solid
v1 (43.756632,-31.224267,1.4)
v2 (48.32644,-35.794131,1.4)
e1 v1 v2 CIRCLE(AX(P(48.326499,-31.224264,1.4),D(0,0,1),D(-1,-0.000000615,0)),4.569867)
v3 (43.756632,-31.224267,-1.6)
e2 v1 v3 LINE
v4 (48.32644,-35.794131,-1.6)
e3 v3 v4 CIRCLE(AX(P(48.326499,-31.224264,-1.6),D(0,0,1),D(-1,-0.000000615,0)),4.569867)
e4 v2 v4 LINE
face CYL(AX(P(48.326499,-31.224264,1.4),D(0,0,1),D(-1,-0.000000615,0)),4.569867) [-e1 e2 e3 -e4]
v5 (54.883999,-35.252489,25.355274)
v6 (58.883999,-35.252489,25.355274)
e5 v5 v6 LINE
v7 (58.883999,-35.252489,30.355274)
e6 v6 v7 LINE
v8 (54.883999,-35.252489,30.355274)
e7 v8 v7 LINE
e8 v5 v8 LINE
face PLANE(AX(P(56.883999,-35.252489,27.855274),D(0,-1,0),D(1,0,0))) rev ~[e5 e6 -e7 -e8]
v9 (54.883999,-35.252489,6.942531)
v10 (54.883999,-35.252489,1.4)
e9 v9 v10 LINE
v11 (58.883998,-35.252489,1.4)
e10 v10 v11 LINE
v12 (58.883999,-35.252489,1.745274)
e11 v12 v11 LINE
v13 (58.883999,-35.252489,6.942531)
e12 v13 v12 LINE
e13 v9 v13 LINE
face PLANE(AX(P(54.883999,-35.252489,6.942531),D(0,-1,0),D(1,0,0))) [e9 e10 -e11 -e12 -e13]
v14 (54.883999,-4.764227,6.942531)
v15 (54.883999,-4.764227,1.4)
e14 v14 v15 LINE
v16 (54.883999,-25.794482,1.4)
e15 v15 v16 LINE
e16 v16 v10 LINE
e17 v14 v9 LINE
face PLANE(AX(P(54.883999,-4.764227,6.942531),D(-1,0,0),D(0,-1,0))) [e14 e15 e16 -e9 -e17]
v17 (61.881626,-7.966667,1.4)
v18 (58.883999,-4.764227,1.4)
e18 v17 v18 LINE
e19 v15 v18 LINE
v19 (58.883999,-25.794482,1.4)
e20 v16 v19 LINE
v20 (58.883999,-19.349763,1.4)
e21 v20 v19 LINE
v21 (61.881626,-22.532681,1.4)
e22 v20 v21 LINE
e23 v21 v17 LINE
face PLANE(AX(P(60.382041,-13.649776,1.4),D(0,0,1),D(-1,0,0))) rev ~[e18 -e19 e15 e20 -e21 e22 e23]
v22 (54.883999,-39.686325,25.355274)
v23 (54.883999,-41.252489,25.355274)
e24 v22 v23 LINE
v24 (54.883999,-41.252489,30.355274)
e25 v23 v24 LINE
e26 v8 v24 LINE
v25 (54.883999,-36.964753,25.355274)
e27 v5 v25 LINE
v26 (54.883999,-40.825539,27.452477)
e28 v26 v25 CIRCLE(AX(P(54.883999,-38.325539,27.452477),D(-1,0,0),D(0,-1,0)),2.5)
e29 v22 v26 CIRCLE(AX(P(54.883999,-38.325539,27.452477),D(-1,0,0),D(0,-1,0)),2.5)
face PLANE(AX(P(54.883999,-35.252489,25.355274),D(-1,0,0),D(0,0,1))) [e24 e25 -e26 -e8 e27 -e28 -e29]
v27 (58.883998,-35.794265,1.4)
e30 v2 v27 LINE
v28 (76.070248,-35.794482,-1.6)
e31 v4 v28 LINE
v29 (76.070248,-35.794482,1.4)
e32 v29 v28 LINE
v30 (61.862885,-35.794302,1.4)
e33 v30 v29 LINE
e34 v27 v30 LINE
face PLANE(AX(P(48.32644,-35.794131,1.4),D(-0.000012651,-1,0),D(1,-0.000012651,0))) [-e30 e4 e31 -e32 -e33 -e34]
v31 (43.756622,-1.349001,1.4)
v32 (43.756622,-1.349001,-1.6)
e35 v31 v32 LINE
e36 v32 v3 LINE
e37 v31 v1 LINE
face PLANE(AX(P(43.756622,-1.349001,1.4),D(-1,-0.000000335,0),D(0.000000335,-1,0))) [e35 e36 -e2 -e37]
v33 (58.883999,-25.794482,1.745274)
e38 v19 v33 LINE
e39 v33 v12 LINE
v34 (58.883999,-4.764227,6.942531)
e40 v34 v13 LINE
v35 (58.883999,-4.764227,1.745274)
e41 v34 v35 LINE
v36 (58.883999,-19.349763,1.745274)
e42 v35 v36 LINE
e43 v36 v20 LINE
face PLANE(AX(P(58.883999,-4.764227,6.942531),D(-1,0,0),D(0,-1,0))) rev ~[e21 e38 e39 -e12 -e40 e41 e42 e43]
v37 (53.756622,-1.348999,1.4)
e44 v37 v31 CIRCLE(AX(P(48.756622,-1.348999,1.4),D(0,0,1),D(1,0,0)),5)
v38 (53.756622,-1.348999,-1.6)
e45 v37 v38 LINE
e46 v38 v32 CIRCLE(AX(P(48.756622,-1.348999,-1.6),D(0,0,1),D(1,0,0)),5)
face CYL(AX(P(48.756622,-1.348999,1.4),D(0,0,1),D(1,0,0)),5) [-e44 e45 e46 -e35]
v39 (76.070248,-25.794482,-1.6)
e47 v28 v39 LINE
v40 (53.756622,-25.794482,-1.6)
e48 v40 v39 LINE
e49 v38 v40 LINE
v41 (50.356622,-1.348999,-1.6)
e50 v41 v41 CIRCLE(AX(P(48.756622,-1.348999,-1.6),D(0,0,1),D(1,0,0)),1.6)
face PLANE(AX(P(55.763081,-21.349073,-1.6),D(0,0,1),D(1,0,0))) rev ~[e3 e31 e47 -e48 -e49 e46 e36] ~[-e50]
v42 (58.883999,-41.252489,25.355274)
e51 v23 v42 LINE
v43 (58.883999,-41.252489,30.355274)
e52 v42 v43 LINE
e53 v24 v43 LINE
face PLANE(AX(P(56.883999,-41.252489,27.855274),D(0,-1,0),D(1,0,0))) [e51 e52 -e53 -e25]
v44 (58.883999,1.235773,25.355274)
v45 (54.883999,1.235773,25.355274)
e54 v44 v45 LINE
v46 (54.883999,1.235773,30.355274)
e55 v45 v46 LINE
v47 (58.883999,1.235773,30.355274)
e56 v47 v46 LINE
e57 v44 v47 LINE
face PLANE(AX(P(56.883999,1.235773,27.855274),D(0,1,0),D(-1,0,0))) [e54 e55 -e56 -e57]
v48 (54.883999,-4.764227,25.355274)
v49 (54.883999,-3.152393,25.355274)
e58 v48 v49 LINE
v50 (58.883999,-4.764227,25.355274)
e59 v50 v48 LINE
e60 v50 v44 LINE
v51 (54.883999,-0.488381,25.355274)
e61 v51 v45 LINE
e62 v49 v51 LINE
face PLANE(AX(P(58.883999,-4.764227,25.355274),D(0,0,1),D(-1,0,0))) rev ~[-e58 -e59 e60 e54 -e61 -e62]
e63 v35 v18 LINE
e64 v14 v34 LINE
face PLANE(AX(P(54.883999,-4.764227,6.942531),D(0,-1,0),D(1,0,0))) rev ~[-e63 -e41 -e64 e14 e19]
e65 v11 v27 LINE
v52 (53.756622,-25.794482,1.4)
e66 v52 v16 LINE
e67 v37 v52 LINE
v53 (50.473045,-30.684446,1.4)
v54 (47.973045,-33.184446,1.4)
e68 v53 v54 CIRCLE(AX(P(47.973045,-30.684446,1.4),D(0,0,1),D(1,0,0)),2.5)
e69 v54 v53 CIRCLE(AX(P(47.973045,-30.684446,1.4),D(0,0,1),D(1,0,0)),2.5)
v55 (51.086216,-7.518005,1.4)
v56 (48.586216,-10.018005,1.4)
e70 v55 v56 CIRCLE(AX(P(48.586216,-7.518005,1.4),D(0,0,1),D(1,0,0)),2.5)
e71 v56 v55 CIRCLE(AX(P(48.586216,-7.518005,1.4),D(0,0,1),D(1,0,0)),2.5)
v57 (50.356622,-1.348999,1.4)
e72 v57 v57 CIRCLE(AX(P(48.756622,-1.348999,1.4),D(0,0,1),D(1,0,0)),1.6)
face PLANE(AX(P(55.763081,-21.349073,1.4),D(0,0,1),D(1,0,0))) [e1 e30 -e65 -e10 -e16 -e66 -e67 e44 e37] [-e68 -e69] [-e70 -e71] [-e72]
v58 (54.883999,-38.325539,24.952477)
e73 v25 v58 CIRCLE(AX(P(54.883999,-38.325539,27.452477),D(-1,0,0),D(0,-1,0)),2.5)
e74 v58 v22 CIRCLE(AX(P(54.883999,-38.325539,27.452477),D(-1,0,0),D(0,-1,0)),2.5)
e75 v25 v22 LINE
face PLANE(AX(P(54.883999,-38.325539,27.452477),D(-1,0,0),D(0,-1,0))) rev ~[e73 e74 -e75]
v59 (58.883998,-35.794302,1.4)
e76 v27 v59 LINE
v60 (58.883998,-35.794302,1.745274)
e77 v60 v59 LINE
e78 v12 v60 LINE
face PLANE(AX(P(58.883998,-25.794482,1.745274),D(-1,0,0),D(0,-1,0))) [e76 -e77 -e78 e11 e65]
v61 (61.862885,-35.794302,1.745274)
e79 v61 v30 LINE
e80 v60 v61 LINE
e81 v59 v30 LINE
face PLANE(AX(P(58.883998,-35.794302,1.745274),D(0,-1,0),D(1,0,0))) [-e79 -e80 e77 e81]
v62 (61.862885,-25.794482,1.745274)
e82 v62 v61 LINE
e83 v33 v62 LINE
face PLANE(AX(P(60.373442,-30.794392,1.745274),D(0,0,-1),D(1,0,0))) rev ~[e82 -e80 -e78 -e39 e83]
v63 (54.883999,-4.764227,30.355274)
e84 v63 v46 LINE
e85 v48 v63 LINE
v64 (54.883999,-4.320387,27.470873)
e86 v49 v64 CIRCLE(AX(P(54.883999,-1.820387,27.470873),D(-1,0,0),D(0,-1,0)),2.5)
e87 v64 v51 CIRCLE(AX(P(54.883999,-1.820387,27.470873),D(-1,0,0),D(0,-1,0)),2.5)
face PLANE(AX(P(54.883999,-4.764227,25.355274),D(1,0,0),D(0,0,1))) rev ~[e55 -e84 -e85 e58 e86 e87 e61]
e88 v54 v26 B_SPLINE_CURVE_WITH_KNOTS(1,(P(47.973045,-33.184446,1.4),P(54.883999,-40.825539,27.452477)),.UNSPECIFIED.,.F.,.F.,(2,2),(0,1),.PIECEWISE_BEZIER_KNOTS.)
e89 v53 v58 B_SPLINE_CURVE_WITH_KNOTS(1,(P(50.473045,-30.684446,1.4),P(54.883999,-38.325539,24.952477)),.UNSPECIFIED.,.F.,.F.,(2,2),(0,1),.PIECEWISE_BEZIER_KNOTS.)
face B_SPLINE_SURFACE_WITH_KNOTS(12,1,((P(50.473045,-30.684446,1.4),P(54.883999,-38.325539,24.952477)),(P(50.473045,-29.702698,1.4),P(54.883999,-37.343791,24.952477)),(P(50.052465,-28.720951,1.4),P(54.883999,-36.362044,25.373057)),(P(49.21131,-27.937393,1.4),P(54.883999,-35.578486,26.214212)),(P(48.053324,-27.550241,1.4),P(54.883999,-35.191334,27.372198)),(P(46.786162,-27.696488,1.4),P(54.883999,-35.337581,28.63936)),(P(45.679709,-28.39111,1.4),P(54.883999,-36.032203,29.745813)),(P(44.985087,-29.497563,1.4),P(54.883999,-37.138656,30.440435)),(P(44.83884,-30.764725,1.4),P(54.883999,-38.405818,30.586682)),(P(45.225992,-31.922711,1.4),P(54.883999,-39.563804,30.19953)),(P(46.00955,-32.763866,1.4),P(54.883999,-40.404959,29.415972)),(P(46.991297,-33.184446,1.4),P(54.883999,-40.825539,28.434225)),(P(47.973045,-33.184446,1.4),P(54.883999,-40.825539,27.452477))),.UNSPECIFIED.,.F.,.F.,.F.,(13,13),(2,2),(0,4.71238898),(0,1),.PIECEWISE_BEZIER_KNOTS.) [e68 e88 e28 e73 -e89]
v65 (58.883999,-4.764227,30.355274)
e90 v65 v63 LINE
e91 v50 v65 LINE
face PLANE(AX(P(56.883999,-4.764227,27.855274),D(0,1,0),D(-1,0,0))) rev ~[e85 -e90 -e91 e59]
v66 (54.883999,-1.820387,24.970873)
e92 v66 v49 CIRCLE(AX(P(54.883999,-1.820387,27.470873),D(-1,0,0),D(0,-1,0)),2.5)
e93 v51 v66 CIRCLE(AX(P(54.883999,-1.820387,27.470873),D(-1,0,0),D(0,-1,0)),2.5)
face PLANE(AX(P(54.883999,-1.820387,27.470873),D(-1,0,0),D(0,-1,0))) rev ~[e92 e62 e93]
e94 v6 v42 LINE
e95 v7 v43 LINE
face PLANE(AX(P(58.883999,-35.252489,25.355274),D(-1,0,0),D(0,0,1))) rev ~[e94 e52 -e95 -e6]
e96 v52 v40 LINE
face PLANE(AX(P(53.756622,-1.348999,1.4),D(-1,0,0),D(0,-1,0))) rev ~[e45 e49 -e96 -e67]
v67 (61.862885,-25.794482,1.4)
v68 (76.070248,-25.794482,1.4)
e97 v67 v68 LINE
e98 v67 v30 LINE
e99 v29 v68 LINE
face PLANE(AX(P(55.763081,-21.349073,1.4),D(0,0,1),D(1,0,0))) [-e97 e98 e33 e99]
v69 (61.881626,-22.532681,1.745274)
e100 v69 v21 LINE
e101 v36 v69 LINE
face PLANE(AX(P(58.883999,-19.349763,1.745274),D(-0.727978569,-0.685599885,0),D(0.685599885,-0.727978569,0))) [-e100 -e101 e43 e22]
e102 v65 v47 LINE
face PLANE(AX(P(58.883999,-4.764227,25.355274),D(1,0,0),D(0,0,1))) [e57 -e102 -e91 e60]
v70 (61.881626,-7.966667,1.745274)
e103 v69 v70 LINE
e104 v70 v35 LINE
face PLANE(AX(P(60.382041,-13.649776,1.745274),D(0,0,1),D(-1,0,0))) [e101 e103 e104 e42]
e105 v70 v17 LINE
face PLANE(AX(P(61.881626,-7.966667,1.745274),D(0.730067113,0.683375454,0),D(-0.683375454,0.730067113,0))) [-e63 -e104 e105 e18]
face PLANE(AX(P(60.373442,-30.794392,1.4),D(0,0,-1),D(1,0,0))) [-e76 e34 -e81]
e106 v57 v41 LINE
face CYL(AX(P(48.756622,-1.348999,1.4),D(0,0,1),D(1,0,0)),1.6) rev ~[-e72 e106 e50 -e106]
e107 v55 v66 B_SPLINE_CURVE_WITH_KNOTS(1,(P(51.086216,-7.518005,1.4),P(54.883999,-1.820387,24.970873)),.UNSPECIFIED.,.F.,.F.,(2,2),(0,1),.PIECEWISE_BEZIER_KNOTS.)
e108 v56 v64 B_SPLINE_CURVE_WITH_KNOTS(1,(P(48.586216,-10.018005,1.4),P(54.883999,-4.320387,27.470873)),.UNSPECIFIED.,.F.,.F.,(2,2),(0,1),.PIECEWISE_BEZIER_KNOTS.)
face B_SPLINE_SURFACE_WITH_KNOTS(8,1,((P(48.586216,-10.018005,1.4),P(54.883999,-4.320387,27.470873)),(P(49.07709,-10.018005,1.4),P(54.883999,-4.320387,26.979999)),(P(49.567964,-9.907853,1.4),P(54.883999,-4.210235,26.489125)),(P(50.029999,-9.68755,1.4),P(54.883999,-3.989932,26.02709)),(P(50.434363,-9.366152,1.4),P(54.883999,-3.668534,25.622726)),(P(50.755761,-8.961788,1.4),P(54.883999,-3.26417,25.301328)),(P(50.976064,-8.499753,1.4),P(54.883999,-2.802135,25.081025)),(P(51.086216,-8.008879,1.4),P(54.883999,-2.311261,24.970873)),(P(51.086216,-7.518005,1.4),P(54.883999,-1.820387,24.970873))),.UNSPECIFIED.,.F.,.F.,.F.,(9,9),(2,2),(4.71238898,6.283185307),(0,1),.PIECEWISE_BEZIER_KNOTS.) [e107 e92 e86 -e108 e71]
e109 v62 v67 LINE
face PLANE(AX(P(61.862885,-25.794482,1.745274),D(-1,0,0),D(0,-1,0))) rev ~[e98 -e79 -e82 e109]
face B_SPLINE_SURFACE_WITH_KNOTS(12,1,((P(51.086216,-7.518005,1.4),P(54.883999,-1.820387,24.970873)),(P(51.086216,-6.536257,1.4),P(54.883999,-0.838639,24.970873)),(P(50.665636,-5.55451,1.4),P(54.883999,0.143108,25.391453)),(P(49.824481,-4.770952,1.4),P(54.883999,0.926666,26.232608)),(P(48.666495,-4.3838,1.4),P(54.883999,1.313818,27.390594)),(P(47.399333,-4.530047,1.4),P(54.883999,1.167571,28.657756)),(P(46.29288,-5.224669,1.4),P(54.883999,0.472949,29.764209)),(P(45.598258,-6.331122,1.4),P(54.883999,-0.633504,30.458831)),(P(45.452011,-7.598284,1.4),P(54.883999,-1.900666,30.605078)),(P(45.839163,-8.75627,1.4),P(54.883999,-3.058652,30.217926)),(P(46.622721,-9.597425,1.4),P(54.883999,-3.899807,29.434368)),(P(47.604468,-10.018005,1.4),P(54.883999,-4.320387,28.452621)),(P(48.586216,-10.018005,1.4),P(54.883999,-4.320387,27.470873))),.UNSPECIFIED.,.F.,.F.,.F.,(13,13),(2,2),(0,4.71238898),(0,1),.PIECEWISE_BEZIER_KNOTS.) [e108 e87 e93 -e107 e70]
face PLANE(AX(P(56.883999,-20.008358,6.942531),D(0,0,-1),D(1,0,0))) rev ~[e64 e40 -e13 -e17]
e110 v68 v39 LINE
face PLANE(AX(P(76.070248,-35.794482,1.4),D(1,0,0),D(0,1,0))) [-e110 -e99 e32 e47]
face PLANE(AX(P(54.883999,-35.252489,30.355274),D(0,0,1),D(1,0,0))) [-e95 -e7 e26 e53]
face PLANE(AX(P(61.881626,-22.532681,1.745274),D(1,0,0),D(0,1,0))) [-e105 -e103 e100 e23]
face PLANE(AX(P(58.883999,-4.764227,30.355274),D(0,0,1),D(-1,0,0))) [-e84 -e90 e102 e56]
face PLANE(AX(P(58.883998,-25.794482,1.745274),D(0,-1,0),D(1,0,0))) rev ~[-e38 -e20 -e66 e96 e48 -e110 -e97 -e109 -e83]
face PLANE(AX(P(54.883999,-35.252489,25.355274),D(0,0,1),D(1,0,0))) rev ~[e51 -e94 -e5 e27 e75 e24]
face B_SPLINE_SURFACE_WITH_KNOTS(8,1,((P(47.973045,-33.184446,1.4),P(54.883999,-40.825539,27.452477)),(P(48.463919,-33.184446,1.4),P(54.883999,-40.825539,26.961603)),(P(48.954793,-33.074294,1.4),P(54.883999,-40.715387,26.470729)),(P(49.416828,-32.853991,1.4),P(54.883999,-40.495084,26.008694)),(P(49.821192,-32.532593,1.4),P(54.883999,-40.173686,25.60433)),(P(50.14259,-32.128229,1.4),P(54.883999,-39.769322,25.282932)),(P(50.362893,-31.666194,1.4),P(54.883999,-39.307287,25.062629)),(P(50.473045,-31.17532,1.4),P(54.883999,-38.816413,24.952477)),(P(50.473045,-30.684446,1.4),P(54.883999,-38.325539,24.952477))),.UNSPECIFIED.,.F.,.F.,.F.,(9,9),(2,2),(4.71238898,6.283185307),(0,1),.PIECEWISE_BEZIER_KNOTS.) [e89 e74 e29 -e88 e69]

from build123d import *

# Parameters (mm, degrees)
SKETCH_W     = 4
SKETCH_H     = 30.488262
PAD_DEPTH    = 5.542531
SKETCH077_R  = 1.6
PAD048_DEPTH = 3
SKETCH078_W  = 4
SKETCH078_H  = 5
PAD049_DEPTH = 6
SKETCH079_W  = 4
SKETCH079_H  = 5
PAD050_DEPTH = 6
SKETCH081_R  = 2.5
SKETCH080_R  = 2.5
SKETCH083_R  = 2.5
SKETCH082_R  = 2.5
SKETCH089_W  = 2.978887
SKETCH089_H  = 9.99982
PAD052_DEPTH = 0.345274
PAD053_DEPTH = 0.345274


with BuildPart() as part:
    # Sketch (on Face1 of Binder) → Pad (new body)
    with BuildSketch(Plane(origin=(0, 0, 6.942531), x_dir=(1, 0, 0), z_dir=(0, 0, -1))):
        with Locations((56.883999, 20.008358)):
            Rectangle(SKETCH_W, SKETCH_H)
    extrude(amount=PAD_DEPTH)

    # Sketch077 (on Face1 of Binder012) → Pad048 (join)
    with BuildSketch(Plane.XY.offset(1.4)):
        with BuildLine():
            ThreePointArc((53.756622, -1.348999), (48.756621, 3.651001), (43.756622, -1.349001))
            Line((43.756622, -1.349001), (43.756632, -31.224267))
            ThreePointArc((43.756632, -31.224267), (45.095095, -34.455628), (48.32644, -35.794131))
            Line((48.32644, -35.794131), (76.070248, -35.794482))
            Line((76.070248, -35.794482), (76.070248, -25.794482))
            Line((53.756622, -25.794482), (76.070248, -25.794482))
            Line((53.756622, -1.348999), (53.756622, -25.794482))
        make_face()
        with Locations((48.756622, -1.348999)):
            Circle(SKETCH077_R, mode=Mode.SUBTRACT)
    extrude(amount=-PAD048_DEPTH)

    # Sketch078 (on Face1 of Binder013) → Pad049 (join)
    with BuildSketch(Plane.XZ.offset(35.252489)):
        with Locations((56.883999, 27.855274)):
            Rectangle(SKETCH078_W, SKETCH078_H)
    extrude(amount=PAD049_DEPTH)

    # Sketch079 (on Face2 of Binder013) → Pad050 (join)
    with BuildSketch(Plane(origin=(0, -4.764227, 0), x_dir=(-1, 0, 0), z_dir=(0, 1, 0))):
        with Locations((-56.883999, 27.855274)):
            Rectangle(SKETCH079_W, SKETCH079_H)
    extrude(amount=PAD050_DEPTH)

    # Sketch081 (on Face5 of Pad050) → AdditiveLoft section 0
    with BuildSketch(Plane.XY.offset(1.4)):
        with Locations((47.973045, -30.684446)):
            Circle(SKETCH081_R)
    # Sketch080 (on Face17 of Pad050) → AdditiveLoft section 1
    with BuildSketch(Plane(origin=(54.883999, 0, 0), x_dir=(0, -1, 0), z_dir=(-1, 0, 0))):
        with Locations((38.325539, 27.452477)):
            Circle(SKETCH080_R)
    loft()

    # Sketch083 (on Face5 of AdditiveLoft) → AdditiveLoft009 section 0
    with BuildSketch(Plane.XY.offset(1.4)):
        with Locations((48.586216, -7.518005)):
            Circle(SKETCH083_R)
    # Sketch082 (on Face28 of AdditiveLoft) → AdditiveLoft009 section 1
    with BuildSketch(Plane(origin=(54.883999, 0, 0), x_dir=(0, -1, 0), z_dir=(-1, 0, 0))):
        with Locations((1.820387, 27.470873)):
            Circle(SKETCH082_R)
    loft()

    # Sketch089 (on Face1 of Binder019) → Pad052 (join)
    with BuildSketch(Plane(origin=(0, 0, 1.745274), x_dir=(1, 0, 0), z_dir=(0, 0, -1))):
        with Locations((60.373442, 30.794392)):
            Rectangle(SKETCH089_W, SKETCH089_H)
    extrude(amount=PAD052_DEPTH)

    # Sketch090 (on Face1 of Binder019) → Pad053 (join)
    with BuildSketch(Plane(origin=(0, 0, 1.745274), x_dir=(1, 0, 0), z_dir=(0, 0, -1))):
        Polygon((58.883999, 4.764227), (58.883999, 19.349763), (61.881626, 22.532681), (61.881626, 7.966667), align=None)
    extrude(amount=PAD053_DEPTH)


solid = part.part
